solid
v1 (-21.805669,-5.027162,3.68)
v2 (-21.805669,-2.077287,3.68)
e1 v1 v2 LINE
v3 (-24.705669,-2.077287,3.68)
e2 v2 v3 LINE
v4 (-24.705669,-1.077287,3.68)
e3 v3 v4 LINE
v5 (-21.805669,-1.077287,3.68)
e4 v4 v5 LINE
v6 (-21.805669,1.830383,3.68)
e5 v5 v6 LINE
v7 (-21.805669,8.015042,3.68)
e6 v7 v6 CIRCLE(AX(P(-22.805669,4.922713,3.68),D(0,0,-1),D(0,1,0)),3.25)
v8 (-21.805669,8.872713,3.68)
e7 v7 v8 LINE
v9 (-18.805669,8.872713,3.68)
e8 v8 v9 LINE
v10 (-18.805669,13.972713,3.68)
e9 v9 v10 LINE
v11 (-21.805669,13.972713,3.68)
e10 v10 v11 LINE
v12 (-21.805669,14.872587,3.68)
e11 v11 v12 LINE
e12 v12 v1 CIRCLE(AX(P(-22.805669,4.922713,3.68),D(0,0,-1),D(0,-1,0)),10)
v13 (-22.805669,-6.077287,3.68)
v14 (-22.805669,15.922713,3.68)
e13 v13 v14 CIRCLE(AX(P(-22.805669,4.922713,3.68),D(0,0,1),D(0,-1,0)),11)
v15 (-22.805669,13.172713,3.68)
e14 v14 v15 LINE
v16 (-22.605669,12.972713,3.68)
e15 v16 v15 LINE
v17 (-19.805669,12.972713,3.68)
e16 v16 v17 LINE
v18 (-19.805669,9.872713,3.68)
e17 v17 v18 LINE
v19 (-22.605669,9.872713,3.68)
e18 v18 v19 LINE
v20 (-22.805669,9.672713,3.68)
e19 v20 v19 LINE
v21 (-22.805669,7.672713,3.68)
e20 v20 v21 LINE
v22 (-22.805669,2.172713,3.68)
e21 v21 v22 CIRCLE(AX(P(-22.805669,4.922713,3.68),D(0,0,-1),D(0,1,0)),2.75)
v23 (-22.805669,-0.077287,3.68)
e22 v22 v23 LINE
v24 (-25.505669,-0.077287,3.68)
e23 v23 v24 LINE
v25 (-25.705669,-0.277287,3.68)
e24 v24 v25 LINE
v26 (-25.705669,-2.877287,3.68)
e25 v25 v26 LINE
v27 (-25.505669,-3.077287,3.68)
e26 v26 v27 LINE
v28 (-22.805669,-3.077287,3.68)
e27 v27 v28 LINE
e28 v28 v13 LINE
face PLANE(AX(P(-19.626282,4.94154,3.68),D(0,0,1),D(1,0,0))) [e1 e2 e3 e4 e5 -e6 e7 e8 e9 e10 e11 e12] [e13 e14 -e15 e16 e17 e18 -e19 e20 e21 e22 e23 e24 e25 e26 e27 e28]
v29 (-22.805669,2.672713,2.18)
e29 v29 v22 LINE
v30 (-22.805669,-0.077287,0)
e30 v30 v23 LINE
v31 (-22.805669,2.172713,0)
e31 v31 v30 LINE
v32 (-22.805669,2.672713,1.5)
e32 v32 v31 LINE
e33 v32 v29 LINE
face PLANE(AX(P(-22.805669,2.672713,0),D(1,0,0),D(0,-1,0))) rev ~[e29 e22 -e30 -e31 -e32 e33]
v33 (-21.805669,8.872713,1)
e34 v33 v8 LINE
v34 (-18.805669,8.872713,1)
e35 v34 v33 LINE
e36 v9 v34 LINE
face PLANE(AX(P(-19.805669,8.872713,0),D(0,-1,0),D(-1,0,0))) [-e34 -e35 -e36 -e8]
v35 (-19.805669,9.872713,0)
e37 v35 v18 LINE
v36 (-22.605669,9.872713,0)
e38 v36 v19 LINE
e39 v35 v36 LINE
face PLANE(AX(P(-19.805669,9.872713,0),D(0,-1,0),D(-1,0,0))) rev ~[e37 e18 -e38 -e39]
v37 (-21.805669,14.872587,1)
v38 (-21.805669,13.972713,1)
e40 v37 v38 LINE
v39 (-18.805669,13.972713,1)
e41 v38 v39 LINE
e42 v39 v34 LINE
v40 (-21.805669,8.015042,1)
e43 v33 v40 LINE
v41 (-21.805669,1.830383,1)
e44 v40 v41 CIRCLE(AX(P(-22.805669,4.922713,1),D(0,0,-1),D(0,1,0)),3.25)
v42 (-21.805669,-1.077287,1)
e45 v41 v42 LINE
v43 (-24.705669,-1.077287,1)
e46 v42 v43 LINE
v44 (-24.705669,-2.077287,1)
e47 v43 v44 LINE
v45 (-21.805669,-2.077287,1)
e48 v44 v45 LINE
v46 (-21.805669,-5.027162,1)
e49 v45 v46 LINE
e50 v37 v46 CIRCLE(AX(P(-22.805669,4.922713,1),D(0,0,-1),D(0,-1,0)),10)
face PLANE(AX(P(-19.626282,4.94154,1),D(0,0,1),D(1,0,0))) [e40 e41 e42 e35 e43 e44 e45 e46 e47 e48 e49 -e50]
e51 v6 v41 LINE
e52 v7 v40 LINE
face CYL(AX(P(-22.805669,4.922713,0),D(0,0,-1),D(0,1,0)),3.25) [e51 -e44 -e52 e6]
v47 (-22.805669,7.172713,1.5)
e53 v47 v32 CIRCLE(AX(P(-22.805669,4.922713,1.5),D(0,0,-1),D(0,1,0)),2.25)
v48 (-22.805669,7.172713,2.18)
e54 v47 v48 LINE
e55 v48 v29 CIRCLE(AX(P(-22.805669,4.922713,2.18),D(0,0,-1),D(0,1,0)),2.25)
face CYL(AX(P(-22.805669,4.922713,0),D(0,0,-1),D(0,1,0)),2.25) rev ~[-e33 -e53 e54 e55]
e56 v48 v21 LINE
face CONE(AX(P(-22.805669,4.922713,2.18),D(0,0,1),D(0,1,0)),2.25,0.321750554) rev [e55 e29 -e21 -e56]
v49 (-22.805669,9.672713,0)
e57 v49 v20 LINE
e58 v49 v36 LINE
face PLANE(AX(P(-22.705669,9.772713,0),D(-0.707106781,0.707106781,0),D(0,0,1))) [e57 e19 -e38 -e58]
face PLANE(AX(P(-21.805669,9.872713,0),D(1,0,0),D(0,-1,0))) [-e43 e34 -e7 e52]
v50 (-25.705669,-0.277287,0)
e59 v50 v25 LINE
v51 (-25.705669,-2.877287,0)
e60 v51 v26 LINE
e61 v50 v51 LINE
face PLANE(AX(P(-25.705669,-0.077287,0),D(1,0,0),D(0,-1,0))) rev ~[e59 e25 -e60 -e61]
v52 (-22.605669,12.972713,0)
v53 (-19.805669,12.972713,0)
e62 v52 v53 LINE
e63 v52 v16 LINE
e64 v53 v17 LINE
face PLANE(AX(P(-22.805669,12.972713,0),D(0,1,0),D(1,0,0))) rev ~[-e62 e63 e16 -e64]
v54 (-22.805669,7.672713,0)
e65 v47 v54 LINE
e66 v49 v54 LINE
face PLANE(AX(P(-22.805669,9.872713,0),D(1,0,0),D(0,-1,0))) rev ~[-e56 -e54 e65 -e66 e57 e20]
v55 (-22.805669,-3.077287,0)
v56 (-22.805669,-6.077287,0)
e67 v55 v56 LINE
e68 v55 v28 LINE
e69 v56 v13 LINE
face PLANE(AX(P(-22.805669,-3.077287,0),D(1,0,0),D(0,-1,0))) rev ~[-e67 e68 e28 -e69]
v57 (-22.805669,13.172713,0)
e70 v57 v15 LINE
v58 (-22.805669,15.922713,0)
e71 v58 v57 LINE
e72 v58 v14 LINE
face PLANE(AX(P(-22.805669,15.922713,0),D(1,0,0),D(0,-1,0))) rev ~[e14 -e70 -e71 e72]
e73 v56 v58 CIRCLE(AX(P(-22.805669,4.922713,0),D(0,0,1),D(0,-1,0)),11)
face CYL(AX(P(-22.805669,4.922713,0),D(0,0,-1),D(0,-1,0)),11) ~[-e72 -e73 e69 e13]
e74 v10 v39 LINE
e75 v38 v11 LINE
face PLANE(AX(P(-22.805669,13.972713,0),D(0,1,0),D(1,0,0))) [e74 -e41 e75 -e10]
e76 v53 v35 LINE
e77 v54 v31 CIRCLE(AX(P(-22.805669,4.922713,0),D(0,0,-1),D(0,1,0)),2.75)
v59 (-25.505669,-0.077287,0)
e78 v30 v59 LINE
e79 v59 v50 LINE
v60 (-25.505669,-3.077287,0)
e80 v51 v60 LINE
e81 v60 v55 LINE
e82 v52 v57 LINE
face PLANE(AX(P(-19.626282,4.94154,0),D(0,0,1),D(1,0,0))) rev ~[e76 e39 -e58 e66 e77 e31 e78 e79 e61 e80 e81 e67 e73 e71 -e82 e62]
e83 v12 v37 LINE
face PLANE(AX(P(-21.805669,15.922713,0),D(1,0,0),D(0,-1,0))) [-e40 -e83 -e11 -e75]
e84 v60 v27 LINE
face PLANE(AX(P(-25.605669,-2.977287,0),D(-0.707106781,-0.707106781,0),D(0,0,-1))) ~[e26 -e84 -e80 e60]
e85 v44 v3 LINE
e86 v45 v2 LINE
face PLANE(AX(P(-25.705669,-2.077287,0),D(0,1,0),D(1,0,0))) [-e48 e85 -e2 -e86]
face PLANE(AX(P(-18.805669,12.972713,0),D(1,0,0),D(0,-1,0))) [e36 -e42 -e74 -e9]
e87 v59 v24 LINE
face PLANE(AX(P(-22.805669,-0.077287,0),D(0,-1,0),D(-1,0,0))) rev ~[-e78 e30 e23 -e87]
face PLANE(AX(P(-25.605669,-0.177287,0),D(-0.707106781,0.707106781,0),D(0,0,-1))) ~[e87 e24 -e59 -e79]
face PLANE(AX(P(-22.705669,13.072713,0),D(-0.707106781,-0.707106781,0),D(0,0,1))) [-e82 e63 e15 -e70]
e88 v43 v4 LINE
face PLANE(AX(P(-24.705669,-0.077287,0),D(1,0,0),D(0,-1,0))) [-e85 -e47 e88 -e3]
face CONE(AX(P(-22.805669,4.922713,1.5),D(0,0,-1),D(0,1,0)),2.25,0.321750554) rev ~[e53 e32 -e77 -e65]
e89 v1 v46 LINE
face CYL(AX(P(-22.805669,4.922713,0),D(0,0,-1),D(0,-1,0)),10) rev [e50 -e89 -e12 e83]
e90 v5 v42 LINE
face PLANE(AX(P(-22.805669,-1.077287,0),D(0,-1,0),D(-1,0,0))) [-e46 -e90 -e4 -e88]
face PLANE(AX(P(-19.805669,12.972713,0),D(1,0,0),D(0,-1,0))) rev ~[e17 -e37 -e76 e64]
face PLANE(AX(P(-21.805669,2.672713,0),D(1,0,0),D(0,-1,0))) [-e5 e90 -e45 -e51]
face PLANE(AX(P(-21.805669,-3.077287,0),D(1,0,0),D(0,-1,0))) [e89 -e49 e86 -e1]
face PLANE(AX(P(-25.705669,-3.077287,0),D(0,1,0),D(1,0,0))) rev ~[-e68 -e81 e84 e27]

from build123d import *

# Parameters (mm, degrees)
F1_DEPTH = 3.68
F2_T     = -1
F3_SIZE2 = 0.5
F3_SIZE  = 1.5
F4_SIZE  = 0.2


with BuildPart() as f1:
    # F0 (on Top) → F1 (new body)
    with BuildSketch(Plane.XY):
        with BuildLine():
            Line((-22.8056685835, -3.0772873983), (-22.8056685835, -6.0772873983))
            ThreePointArc((-22.8056685835, -6.0772873983), (-11.8056685835, 4.9227126017), (-22.8056685835, 15.9227126017))
            Line((-22.8056685835, 15.9227126017), (-22.8056685835, 12.9727126017))
            Line((-22.8056685835, 12.9727126017), (-19.8056685835, 12.9727126017))
            Line((-19.8056685835, 12.9727126017), (-19.8056685835, 9.8727126017))
            Line((-19.8056685835, 9.8727126017), (-22.8056685835, 9.8727126017))
            Line((-22.8056685835, 9.8727126017), (-22.8056685835, 7.1727126017))
            ThreePointArc((-22.8056685835, 7.1727126017), (-20.5556685835, 4.9227126017), (-22.8056685835, 2.6727126017))
            Line((-22.8056685835, 2.6727126017), (-22.8056685835, -0.0772873983))
            Line((-22.8056685835, -0.0772873983), (-25.7056685835, -0.0772873983))
            Line((-25.7056685835, -0.0772873983), (-25.7056685835, -3.0772873983))
            Line((-25.7056685835, -3.0772873983), (-22.8056685835, -3.0772873983))
        make_face()
    extrude(amount=F1_DEPTH)

    # F2
    f2_openings = [f1.faces().sort_by_distance(p)[0] for p in [
        (-18.10535, 4.278135, 3.68),
    ]]
    offset(amount=F2_T, openings=f2_openings, kind=Kind.INTERSECTION)

    # F3
    f3_edges = [f1.edges().sort_by_distance(p)[0] for p in [
        (-20.555669, 4.922713, 3.68),
        (-20.555669, 4.922713, 0),
    ]]
    f3_side = f1.faces().sort_by_distance((-20.555669, 4.922713, 1.84))[0]
    chamfer(f3_edges, length=F3_SIZE, length2=F3_SIZE2, reference=f3_side)

    # F4
    f4_edges = [f1.edges().sort_by_distance(p)[0] for p in [
        (-25.705669, -0.077287, 1.84),
        (-25.705669, -3.077287, 1.84),
        (-22.805669, 9.872713, 1.84),
        (-22.805669, 12.972713, 1.84),
    ]]
    chamfer(f4_edges, length=F4_SIZE)


solid = f1.part
